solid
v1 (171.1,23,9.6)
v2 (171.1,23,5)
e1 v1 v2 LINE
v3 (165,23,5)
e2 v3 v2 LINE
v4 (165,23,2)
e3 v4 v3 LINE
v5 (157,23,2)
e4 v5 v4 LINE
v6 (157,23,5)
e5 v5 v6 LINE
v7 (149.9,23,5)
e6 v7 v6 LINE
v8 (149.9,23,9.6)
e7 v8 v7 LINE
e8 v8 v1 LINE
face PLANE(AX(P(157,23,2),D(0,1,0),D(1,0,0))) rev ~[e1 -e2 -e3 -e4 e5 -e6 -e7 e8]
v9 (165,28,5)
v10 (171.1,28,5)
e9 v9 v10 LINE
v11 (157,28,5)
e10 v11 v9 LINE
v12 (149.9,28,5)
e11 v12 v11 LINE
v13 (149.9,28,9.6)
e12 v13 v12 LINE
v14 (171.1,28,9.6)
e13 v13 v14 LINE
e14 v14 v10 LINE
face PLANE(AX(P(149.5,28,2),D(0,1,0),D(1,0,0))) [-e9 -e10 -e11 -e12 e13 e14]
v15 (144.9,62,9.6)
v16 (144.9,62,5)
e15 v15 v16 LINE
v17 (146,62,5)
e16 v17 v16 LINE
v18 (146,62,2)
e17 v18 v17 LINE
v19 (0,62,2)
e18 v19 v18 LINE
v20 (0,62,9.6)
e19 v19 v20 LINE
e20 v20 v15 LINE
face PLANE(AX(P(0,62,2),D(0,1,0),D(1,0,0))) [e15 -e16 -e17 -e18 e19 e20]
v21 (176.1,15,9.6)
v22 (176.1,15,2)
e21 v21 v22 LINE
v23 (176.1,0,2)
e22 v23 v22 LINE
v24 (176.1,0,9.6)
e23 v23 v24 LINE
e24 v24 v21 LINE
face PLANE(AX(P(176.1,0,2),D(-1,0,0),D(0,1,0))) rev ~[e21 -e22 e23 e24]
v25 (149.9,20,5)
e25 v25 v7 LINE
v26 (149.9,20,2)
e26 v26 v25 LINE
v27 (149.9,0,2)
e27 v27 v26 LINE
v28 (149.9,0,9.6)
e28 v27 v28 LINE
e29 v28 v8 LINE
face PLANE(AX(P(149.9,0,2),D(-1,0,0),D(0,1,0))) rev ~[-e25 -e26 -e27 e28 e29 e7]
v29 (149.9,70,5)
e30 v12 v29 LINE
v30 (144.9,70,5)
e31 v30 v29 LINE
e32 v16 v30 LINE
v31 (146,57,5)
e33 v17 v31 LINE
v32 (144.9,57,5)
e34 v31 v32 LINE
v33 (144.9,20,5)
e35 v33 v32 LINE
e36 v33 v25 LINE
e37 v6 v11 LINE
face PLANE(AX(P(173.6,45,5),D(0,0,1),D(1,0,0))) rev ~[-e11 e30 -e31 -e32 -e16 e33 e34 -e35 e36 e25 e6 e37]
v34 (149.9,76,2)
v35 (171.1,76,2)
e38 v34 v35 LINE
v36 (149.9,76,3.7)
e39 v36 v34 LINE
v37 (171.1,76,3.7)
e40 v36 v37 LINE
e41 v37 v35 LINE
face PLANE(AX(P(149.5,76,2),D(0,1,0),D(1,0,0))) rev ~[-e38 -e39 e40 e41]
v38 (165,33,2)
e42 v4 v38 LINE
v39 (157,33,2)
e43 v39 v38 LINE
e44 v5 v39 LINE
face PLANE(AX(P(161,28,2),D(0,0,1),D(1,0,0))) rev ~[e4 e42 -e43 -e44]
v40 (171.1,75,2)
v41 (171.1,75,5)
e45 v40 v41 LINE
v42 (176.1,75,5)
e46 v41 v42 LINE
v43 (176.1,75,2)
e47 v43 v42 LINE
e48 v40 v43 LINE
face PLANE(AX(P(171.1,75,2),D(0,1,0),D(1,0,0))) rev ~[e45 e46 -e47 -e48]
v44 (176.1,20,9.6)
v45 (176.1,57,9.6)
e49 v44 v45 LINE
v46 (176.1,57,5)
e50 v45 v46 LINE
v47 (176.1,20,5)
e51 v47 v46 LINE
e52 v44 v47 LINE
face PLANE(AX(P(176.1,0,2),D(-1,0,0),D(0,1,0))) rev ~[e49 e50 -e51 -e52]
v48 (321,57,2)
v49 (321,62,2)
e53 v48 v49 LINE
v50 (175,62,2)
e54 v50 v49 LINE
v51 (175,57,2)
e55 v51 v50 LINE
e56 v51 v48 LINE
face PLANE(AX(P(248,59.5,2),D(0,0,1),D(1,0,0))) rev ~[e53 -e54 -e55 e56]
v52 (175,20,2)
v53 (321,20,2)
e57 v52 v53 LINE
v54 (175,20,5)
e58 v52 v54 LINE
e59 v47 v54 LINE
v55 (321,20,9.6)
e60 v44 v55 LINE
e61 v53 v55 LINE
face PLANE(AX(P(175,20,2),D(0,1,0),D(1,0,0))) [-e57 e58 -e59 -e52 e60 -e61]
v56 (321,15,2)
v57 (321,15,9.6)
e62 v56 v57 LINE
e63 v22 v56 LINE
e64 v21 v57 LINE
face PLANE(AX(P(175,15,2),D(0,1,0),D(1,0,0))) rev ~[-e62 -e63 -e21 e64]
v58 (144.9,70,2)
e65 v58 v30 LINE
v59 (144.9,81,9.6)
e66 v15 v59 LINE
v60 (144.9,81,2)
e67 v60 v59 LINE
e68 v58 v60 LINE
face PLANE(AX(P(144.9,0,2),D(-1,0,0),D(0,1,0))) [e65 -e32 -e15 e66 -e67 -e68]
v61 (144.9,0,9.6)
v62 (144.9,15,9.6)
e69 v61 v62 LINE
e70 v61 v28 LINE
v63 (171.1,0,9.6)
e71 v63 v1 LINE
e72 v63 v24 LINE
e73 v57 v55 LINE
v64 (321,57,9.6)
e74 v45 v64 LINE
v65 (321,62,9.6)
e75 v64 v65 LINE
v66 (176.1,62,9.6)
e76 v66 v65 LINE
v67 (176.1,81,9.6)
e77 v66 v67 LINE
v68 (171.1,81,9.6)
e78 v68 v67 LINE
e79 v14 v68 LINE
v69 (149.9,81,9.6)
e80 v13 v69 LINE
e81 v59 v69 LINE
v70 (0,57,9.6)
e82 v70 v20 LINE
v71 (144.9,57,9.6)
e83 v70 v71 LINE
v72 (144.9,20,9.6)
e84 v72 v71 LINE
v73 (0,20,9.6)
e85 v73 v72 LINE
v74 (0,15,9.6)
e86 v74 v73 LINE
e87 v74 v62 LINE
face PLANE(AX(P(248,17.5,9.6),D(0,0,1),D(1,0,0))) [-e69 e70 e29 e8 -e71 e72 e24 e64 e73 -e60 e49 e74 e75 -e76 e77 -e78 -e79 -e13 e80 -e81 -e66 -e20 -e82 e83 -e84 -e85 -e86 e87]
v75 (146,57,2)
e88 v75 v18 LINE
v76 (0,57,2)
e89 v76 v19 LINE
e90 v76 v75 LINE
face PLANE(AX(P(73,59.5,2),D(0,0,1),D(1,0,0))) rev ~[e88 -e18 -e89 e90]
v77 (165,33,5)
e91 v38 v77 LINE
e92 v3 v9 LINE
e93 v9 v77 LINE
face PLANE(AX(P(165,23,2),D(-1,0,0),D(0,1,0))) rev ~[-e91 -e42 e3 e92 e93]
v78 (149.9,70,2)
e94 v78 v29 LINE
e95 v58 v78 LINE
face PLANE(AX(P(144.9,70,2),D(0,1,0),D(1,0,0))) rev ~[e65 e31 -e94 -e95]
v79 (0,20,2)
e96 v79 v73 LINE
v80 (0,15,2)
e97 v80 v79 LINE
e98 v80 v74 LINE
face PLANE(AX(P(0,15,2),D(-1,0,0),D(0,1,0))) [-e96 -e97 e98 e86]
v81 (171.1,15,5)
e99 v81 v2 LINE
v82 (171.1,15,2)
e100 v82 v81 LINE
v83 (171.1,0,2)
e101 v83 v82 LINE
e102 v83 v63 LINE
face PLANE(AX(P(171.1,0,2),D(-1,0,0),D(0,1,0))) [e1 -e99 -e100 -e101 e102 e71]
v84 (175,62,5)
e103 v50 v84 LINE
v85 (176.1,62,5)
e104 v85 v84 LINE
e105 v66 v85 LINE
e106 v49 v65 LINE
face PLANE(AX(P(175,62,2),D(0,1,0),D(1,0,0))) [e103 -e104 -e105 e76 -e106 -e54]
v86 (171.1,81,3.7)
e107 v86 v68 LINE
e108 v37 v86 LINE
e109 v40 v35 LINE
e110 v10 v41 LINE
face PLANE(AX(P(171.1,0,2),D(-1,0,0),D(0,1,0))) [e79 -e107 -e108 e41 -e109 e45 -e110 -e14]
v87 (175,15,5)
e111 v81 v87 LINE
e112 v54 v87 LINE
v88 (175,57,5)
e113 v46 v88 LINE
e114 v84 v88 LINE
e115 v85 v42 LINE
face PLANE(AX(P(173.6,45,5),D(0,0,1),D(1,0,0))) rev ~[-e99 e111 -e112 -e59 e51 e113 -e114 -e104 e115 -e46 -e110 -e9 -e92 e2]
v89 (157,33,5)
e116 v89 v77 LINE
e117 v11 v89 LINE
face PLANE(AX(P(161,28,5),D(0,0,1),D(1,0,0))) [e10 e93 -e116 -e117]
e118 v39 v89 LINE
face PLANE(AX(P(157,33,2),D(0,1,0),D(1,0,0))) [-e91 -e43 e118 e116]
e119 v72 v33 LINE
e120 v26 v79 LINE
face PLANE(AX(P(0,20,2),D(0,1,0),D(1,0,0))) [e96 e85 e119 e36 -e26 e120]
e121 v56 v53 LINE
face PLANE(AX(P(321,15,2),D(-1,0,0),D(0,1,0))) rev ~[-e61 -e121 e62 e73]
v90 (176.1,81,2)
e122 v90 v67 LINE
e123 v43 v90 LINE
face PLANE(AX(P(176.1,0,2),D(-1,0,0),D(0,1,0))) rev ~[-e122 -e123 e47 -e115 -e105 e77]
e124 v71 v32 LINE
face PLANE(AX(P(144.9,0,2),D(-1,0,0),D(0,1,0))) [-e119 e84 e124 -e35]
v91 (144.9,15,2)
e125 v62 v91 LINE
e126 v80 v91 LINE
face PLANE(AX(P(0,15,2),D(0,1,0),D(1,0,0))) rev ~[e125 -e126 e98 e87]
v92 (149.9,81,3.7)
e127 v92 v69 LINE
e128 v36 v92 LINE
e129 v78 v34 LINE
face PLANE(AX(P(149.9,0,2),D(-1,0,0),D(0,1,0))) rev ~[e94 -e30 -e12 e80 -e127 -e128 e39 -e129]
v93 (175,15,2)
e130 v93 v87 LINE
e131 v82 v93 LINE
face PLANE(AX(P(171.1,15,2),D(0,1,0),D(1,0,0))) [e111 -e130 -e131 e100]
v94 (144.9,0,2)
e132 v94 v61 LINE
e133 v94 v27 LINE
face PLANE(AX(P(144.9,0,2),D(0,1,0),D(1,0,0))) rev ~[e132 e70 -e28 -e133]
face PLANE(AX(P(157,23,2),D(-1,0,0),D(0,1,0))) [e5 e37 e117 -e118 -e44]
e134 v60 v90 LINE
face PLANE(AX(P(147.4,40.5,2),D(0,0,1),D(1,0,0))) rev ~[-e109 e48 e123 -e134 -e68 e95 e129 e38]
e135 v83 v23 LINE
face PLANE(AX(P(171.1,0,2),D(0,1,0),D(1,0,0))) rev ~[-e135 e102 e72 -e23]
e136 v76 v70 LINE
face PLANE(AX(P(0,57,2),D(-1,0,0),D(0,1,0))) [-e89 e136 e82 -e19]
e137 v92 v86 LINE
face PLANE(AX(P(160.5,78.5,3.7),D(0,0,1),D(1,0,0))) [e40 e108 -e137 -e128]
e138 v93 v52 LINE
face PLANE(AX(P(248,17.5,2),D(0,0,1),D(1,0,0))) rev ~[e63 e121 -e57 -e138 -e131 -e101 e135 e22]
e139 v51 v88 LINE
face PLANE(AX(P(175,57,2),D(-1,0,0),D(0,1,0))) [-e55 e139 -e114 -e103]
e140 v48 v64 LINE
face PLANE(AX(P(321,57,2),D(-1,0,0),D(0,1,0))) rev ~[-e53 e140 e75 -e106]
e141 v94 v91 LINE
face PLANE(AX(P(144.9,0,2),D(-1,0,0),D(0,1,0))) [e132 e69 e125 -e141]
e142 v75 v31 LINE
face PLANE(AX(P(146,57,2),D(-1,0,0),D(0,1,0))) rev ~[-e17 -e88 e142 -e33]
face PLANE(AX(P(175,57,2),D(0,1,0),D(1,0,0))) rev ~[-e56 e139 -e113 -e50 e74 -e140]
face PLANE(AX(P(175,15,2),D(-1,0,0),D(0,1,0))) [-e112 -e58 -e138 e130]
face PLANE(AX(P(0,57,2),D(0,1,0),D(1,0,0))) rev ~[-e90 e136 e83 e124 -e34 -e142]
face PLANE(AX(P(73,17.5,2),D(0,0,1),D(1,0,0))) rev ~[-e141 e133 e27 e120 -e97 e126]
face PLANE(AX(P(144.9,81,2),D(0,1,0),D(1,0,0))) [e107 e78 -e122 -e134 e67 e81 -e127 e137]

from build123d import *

# Parameters (mm, degrees)
BOX012_W     = 8
BOX012_H     = 10
BOX012_DEPTH = 3
BOX013_W     = 146
BOX013_H     = 5
BOX013_DEPTH = 7.6
BOX014_W     = 146
BOX014_H     = 5
BOX014_DEPTH = 7.6
BOX015_W     = 146
BOX015_H     = 5
BOX015_DEPTH = 7.6
BOX016_W     = 146
BOX016_H     = 5
BOX016_DEPTH = 7.6
BOX009_W     = 5
BOX009_H     = 50
BOX009_DEPTH = 3
BOX010_W     = 5
BOX010_H     = 60
BOX010_DEPTH = 3
BOX011_W     = 22
BOX011_H     = 5
BOX011_DEPTH = 3
BOX006_W     = 5
BOX006_H     = 81
BOX006_DEPTH = 7.6
BOX007_W     = 22
BOX007_H     = 5
BOX007_DEPTH = 7.6
BOX008_W     = 22
BOX008_H     = 5
BOX008_DEPTH = 1.7
BOX005_W     = 5
BOX005_H     = 81
BOX005_DEPTH = 7.6


with BuildPart() as cube011:
    # Box012 → Box012 (new body)
    with BuildSketch(Plane(origin=(157, 23, 2), x_dir=(1, 0, 0), z_dir=(0, 0, 1))):
        with Locations((4, 5)):
            Rectangle(BOX012_W, BOX012_H)
    extrude(amount=BOX012_DEPTH)


with BuildPart() as cube012:
    # Box013 → Box013 (new body)
    with BuildSketch(Plane(origin=(0, 15, 2), x_dir=(1, 0, 0), z_dir=(0, 0, 1))):
        with Locations((73, 2.5)):
            Rectangle(BOX013_W, BOX013_H)
    extrude(amount=BOX013_DEPTH)


with BuildPart() as cube013:
    # Box014 → Box014 (new body)
    with BuildSketch(Plane(origin=(0, 57, 2), x_dir=(1, 0, 0), z_dir=(0, 0, 1))):
        with Locations((73, 2.5)):
            Rectangle(BOX014_W, BOX014_H)
    extrude(amount=BOX014_DEPTH)


with BuildPart() as cube014:
    # Box015 → Box015 (new body)
    with BuildSketch(Plane(origin=(175, 57, 2), x_dir=(1, 0, 0), z_dir=(0, 0, 1))):
        with Locations((73, 2.5)):
            Rectangle(BOX015_W, BOX015_H)
    extrude(amount=BOX015_DEPTH)


with BuildPart() as cube015:
    # Box016 → Box016 (new body)
    with BuildSketch(Plane(origin=(175, 15, 2), x_dir=(1, 0, 0), z_dir=(0, 0, 1))):
        with Locations((73, 2.5)):
            Rectangle(BOX016_W, BOX016_H)
    extrude(amount=BOX016_DEPTH)


with BuildPart() as cube008:
    # Box009 → Box009 (new body)
    with BuildSketch(Plane(origin=(134.4, 20, 2), x_dir=(1, 0, 0), z_dir=(0, 0, 1))):
        with Locations((2.5, 25)):
            Rectangle(BOX009_W, BOX009_H)
    extrude(amount=BOX009_DEPTH)


with BuildPart() as cube009:
    # Box010 → Box010 (new body)
    with BuildSketch(Plane(origin=(160.6, 15, 2), x_dir=(1, 0, 0), z_dir=(0, 0, 1))):
        with Locations((2.5, 30)):
            Rectangle(BOX010_W, BOX010_H)
    extrude(amount=BOX010_DEPTH)


with BuildPart() as cube010:
    # Box011 → Box011 (new body)
    with BuildSketch(Plane(origin=(139, 23, 2), x_dir=(1, 0, 0), z_dir=(0, 0, 1))):
        with Locations((11, 2.5)):
            Rectangle(BOX011_W, BOX011_H)
    extrude(amount=BOX011_DEPTH)


with BuildPart() as cube005:
    # Box006 → Box006 (new body)
    with BuildSketch(Plane(origin=(160.6, 0, 2), x_dir=(1, 0, 0), z_dir=(0, 0, 1))):
        with Locations((2.5, 40.5)):
            Rectangle(BOX006_W, BOX006_H)
    extrude(amount=BOX006_DEPTH)


with BuildPart() as cube006:
    # Box007 → Box007 (new body)
    with BuildSketch(Plane(origin=(139, 23, 2), x_dir=(1, 0, 0), z_dir=(0, 0, 1))):
        with Locations((11, 2.5)):
            Rectangle(BOX007_W, BOX007_H)
    extrude(amount=BOX007_DEPTH)


with BuildPart() as cube007:
    # Box008 → Box008 (new body)
    with BuildSketch(Plane(origin=(139, 76, 2), x_dir=(1, 0, 0), z_dir=(0, 0, 1))):
        with Locations((11, 2.5)):
            Rectangle(BOX008_W, BOX008_H)
    extrude(amount=BOX008_DEPTH)


with BuildPart() as holder:
    # Box005 → Box005 (new body)
    with BuildSketch(Plane(origin=(134.4, 0, 2), x_dir=(1, 0, 0), z_dir=(0, 0, 1))):
        with Locations((2.5, 40.5)):
            Rectangle(BOX005_W, BOX005_H)
    extrude(amount=BOX005_DEPTH)

    # Fusion003: union Cube005, Cube006, Cube007
    add(cube005.part)
    add(cube006.part)
    add(cube007.part)

    # Cut009: cut Cube010
    add(cube010.part, mode=Mode.SUBTRACT)

    # Cut010: cut Cube009
    add(cube009.part, mode=Mode.SUBTRACT)

    # Cut011: cut Cube008
    add(cube008.part, mode=Mode.SUBTRACT)


with BuildPart() as holder_1:
    # Cut011 placement: moved
    add(holder.part.moved(Location((10.5, 0, 0))))

    # Fusion004: union Cube011, Cube012, Cube013, Cube014, Cube015
    add(cube011.part)
    add(cube012.part)
    add(cube013.part)
    add(cube014.part)
    add(cube015.part)


solid = holder_1.part
